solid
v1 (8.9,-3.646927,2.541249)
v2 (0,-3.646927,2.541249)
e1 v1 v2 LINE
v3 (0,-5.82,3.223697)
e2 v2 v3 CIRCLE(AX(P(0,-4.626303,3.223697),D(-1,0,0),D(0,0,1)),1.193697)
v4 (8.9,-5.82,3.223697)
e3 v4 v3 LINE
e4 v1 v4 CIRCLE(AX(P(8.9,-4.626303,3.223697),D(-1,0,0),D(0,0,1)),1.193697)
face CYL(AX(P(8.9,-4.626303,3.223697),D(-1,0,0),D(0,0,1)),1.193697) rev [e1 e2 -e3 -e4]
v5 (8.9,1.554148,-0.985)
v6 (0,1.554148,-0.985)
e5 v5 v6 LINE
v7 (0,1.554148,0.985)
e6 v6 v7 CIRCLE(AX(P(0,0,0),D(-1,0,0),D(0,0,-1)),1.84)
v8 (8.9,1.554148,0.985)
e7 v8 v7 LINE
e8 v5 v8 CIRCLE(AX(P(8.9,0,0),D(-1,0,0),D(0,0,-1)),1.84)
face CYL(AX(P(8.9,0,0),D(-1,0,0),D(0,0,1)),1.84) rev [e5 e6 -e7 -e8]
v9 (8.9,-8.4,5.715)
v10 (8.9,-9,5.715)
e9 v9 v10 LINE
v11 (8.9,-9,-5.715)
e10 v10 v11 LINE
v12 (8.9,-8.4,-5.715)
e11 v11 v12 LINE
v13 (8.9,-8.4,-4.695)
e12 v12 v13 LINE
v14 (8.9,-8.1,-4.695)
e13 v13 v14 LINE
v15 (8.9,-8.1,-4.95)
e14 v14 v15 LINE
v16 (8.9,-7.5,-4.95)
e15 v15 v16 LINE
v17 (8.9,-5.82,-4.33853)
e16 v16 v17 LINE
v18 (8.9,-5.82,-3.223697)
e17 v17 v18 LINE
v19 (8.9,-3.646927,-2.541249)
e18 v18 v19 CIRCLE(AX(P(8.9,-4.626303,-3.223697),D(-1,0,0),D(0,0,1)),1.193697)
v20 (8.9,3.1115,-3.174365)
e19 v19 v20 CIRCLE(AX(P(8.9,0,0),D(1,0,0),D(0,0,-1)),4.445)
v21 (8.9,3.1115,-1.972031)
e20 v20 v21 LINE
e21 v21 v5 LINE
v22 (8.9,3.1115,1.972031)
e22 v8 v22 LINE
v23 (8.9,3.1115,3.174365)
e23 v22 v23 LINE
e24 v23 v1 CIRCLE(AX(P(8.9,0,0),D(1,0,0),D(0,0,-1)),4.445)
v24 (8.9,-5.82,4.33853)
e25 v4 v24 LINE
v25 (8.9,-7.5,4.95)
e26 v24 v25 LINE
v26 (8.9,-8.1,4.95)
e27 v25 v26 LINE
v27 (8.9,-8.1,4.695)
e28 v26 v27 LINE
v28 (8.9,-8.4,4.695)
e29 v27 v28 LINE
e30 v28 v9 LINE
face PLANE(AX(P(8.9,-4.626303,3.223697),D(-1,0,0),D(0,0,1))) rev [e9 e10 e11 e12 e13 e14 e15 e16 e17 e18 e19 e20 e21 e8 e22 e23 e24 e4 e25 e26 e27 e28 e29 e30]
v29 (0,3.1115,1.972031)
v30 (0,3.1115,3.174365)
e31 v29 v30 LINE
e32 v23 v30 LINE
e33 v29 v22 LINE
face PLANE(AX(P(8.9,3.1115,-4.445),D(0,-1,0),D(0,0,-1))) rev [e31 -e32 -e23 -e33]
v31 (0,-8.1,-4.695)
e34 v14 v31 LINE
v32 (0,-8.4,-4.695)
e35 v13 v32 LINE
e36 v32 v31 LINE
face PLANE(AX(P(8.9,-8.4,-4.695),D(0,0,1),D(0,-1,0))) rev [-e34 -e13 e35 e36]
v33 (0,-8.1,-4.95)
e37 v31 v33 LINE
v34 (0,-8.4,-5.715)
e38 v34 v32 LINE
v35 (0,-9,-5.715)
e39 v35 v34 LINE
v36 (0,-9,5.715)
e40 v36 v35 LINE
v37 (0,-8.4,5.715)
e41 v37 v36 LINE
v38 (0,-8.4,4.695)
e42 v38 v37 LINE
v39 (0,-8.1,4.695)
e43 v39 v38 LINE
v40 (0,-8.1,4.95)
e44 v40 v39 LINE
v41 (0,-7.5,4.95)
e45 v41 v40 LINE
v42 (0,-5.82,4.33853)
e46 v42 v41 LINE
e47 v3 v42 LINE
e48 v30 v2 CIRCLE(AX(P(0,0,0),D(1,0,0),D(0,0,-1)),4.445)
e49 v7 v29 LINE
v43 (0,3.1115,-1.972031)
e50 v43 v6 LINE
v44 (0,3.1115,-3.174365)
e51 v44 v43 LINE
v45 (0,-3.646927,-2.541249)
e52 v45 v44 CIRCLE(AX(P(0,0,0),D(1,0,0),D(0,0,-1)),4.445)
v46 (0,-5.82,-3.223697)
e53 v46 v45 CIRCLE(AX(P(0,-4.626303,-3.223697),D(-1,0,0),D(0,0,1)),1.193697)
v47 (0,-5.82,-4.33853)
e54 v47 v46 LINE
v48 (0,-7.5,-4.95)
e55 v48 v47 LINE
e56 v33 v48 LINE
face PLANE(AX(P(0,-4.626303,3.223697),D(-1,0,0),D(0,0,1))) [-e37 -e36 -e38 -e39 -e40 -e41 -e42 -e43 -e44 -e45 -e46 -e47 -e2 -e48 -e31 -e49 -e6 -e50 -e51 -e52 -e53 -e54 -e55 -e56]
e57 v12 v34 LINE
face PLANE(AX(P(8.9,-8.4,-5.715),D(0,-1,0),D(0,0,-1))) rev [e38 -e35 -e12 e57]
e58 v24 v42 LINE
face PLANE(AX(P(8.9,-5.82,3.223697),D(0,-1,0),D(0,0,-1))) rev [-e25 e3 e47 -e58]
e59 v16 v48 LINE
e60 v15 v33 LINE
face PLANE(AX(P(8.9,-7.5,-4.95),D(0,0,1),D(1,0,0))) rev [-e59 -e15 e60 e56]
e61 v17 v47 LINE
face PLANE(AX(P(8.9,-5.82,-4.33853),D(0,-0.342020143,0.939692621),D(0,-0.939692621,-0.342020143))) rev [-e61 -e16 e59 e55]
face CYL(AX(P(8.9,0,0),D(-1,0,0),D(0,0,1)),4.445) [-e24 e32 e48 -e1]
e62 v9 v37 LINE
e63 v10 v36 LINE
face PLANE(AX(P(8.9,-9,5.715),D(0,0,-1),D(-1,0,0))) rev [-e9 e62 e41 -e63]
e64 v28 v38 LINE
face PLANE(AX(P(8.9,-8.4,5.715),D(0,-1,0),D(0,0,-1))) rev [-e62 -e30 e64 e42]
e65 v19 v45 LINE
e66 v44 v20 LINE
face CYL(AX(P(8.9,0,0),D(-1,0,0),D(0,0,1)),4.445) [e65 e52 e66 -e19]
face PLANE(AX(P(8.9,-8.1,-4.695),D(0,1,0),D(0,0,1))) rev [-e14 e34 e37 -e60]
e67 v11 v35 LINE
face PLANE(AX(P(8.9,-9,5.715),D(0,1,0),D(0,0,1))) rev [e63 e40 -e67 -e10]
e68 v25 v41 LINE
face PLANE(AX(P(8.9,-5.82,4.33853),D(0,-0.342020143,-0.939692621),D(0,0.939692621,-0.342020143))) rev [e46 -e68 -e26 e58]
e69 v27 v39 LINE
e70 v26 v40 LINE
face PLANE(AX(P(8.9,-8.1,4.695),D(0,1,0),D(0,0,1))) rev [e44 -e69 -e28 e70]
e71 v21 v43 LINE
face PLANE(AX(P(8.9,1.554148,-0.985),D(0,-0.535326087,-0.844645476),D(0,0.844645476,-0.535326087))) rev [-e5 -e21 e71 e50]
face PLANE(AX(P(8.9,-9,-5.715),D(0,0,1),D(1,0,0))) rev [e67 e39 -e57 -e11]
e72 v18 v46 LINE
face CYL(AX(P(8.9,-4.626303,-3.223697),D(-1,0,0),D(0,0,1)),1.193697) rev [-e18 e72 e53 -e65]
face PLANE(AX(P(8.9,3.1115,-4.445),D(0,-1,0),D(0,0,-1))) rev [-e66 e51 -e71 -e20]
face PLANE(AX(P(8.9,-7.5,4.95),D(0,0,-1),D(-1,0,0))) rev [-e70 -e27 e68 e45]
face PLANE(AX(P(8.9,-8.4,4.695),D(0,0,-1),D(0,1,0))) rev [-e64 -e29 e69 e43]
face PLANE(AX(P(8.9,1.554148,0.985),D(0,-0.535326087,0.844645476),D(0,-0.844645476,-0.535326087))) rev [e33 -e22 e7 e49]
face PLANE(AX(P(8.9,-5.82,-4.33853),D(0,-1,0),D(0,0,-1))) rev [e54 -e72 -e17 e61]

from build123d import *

# Parameters (mm, degrees)
BODY_DEPTH   = 8.9
TOPCUTSKE_W  = 8.89
TOPCUTSKE_H  = 8.89
TOPCUT_DEPTH = 8.9


with BuildPart() as part:
    # BodySke → Body (new body)
    with BuildSketch(Plane(origin=(0, 0, 0), x_dir=(0, 0, -1), z_dir=(1, 0, 0))):
        with BuildLine():
            Line((-5.715, -9), (5.715, -9))
            Line((5.715, -9), (5.715, -8.4))
            Line((5.715, -8.4), (4.695, -8.4))
            Line((4.695, -8.4), (4.695, -8.1))
            Line((4.695, -8.1), (4.95, -8.1))
            Line((4.95, -8.1), (4.95, -7.5))
            Line((4.95, -7.5), (4.338530006, -5.82))
            Line((4.338530006, -5.82), (3.223696854, -5.82))
            ThreePointArc((3.223696854, -5.82), (2.08483996, -4.983958225), (2.54124896, -3.646927299))
            ThreePointArc((2.54124896, -3.646927299), (4.44393925, 0.097102731), (2.379524457, 3.754449142))
            Line((2.379524457, 3.754449142), (0.985, 1.554147676))
            ThreePointArc((0.985, 1.554147676), (0, -1.84), (-0.985, 1.554147676))
            Line((-0.985, 1.554147676), (-2.379524457, 3.754449142))
            ThreePointArc((-2.379524457, 3.754449142), (-4.44393925, 0.097102731), (-2.54124896, -3.646927299))
            ThreePointArc((-2.54124896, -3.646927299), (-2.08483996, -4.983958225), (-3.223696854, -5.82))
            Line((-3.223696854, -5.82), (-4.338530006, -5.82))
            Line((-4.338530006, -5.82), (-4.95, -7.5))
            Line((-4.95, -7.5), (-4.95, -8.1))
            Line((-4.95, -8.1), (-4.695, -8.1))
            Line((-4.695, -8.1), (-4.695, -8.4))
            Line((-4.695, -8.4), (-5.715, -8.4))
            Line((-5.715, -8.4), (-5.715, -9))
        make_face()
    extrude(amount=BODY_DEPTH)

    # TopCutSke → TopCut (cut)
    with BuildSketch(Plane.ZY):
        with Locations((0, 7.5565)):
            Rectangle(TOPCUTSKE_W, TOPCUTSKE_H)
    extrude(amount=-TOPCUT_DEPTH, mode=Mode.SUBTRACT)


solid = part.part
